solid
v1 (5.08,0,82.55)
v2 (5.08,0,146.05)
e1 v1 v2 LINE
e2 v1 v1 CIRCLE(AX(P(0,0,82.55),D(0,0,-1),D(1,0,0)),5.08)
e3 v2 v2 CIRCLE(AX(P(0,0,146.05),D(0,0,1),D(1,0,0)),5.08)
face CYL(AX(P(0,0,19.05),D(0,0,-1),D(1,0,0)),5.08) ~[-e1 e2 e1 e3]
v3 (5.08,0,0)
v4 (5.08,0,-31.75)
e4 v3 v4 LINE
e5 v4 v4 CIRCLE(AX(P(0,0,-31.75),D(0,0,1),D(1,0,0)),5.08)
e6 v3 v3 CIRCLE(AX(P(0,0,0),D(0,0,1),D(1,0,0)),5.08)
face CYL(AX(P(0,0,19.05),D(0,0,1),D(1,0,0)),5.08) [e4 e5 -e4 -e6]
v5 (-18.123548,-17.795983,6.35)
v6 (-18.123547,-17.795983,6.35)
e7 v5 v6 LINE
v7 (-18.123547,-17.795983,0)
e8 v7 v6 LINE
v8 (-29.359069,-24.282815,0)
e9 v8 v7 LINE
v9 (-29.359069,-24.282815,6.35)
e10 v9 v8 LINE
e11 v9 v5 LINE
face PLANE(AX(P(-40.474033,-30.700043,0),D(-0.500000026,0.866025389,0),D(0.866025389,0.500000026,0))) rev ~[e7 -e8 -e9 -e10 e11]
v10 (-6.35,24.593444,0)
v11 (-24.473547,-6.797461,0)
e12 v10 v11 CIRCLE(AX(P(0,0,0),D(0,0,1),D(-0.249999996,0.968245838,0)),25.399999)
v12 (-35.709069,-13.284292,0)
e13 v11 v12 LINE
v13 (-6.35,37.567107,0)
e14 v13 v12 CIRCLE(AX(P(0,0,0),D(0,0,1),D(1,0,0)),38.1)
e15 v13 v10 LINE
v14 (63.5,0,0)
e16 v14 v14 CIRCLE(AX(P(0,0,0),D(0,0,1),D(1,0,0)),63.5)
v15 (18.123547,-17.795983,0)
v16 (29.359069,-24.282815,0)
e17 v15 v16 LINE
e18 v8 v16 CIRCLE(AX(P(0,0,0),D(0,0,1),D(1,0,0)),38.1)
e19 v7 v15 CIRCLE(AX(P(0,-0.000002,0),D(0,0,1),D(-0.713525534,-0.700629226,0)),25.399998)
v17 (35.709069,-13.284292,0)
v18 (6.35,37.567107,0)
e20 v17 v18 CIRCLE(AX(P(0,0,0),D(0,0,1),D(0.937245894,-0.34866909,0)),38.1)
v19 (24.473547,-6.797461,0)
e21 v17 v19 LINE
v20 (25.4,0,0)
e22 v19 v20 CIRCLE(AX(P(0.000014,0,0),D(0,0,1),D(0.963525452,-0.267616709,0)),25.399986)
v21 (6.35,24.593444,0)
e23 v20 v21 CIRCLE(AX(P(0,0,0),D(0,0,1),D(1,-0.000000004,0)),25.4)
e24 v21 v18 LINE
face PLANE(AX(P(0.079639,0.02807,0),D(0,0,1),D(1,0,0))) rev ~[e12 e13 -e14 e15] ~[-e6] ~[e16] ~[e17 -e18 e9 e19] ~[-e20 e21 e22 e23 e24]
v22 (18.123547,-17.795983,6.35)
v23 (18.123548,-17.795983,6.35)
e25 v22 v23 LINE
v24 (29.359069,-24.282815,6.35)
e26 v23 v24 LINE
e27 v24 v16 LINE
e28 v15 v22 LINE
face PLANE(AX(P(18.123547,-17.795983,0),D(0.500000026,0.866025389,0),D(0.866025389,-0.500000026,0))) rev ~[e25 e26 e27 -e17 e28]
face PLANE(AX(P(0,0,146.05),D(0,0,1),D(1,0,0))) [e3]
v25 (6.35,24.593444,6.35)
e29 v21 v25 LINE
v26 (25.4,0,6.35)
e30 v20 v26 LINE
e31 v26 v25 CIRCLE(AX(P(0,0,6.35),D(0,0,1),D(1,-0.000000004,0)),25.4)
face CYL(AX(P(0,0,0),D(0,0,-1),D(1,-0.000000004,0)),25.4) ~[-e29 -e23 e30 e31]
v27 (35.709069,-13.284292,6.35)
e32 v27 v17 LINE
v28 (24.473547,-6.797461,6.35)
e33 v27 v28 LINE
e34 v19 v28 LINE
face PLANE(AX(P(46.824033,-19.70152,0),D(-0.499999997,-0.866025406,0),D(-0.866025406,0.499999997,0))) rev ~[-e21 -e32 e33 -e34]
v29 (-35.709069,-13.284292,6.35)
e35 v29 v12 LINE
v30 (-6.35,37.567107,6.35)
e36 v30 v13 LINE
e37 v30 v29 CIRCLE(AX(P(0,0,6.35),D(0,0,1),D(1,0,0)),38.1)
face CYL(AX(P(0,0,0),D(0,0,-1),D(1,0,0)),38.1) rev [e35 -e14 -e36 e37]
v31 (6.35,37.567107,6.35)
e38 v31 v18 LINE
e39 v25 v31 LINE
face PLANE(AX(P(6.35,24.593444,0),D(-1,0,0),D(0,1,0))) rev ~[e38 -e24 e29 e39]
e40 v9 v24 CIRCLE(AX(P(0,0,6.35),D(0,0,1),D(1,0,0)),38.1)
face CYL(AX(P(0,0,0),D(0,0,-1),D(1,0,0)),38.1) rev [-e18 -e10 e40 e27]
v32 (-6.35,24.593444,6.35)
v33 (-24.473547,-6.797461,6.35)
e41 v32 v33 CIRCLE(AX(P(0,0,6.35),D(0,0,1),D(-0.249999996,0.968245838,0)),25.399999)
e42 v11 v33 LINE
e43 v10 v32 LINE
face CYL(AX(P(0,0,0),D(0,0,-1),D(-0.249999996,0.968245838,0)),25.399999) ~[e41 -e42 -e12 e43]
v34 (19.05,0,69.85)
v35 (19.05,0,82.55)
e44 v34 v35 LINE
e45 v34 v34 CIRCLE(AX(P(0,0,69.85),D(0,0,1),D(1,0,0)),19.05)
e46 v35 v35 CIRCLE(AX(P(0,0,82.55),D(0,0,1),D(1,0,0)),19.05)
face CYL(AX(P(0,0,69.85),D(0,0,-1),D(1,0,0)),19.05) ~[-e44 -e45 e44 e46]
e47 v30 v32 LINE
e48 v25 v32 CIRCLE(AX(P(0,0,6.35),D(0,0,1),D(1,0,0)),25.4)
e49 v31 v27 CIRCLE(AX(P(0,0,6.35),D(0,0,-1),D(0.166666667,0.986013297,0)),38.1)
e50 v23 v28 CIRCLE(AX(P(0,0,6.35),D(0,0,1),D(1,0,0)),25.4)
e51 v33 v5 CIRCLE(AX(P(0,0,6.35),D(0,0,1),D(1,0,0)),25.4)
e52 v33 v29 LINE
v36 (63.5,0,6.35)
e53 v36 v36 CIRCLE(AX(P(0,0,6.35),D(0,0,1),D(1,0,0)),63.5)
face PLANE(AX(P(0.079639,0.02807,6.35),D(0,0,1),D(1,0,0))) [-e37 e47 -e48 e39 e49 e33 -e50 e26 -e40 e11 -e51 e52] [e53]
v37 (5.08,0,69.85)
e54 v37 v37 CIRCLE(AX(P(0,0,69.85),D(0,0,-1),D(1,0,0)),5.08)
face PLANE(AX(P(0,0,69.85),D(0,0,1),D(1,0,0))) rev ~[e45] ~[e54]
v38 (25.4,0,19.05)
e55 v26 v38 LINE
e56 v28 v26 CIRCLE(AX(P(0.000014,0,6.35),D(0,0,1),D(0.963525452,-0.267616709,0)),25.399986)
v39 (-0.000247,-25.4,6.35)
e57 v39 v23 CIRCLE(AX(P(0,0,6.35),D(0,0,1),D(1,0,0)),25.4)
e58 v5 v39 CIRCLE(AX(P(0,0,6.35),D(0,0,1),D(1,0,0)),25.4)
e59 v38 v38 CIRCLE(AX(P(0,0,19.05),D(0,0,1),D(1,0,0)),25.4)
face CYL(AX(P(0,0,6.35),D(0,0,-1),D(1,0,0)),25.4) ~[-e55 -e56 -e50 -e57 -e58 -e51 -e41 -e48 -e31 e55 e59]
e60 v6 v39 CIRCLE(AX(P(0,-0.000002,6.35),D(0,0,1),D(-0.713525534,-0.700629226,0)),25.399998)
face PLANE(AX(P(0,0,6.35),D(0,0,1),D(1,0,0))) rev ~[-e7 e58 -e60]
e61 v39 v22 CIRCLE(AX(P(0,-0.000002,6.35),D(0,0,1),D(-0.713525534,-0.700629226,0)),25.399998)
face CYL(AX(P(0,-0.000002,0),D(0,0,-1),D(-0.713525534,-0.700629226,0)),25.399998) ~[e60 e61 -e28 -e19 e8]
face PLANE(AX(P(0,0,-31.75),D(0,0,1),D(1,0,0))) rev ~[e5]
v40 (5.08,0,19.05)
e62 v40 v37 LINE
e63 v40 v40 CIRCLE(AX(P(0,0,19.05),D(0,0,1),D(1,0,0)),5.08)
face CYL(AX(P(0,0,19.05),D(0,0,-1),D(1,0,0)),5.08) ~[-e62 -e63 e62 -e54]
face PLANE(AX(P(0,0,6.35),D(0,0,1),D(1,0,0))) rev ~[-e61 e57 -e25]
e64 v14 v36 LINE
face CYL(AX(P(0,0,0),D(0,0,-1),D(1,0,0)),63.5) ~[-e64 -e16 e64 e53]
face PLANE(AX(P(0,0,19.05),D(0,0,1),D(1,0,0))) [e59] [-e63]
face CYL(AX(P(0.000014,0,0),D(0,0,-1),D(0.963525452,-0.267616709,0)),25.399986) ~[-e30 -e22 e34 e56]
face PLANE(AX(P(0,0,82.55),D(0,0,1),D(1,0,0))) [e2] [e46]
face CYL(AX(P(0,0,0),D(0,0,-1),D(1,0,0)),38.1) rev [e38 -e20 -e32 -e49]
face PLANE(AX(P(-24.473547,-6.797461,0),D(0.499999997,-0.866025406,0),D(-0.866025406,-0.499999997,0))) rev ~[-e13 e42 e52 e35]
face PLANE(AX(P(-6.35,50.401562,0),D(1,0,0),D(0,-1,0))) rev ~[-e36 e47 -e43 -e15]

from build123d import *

# Parameters (mm, degrees)
F0_R      = 63.5
F0_R_2    = 38.1
F1_DEPTH  = 6.35
F4_DEPTH  = 6.35
F5_R      = 25.4
F6_DEPTH  = 12.7
F7_R      = 5.08
F8_DEPTH  = 50.8
F9_R      = 5.08
F10_DEPTH = 127
F13_R     = 19.05
F14_DEPTH = 12.7


with BuildPart() as f1:
    # F0 (on Top) → F1 (new body)
    with BuildSketch(Plane.XY):
        Circle(F0_R)
        Circle(F0_R_2, mode=Mode.SUBTRACT)
    extrude(amount=F1_DEPTH)

    # F2 (on Top) → F4 (join, through all)
    with BuildSketch(Plane.XY):
        with BuildLine():
            ThreePointArc((25.4, 0), (20.080463, 15.55426), (6.35, 24.593444))
            ThreePointArc((6.35, 24.593444), (0, 25.4), (-6.35, 24.593444))
            ThreePointArc((-6.35, 24.593444), (-21.997045, 12.7), (-24.473547, -6.797461))
            ThreePointArc((-24.473547, -6.797461), (-21.997045, -12.7), (-18.123547, -17.795983))
            ThreePointArc((-18.123547, -17.795983), (0, -25.4), (18.123547, -17.795983))
            ThreePointArc((18.123547, -17.795983), (21.997045, -12.7), (24.473547, -6.797461))
            ThreePointArc((24.473547, -6.797461), (25.167321, -3.430153), (25.4, 0))
        make_face()
        with BuildLine():
            Line((-24.473547, -6.797461), (-46.824033, -19.70152))
            ThreePointArc((-46.824033, -19.70152), (-43.994091, -25.4), (-40.474033, -30.700043))
            Line((-40.474033, -30.700043), (-18.123547, -17.795983))
            ThreePointArc((-18.123547, -17.795983), (-21.997045, -12.7), (-24.473547, -6.797461))
        make_face()
        with BuildLine():
            Line((6.35, 24.593444), (6.35, 50.401562))
            ThreePointArc((6.35, 50.401562), (0, 50.8), (-6.35, 50.401562))
            Line((-6.35, 50.401562), (-6.35, 24.593444))
            ThreePointArc((-6.35, 24.593444), (0, 25.4), (6.35, 24.593444))
        make_face()
        with BuildLine():
            ThreePointArc((40.474033, -30.700043), (43.994091, -25.4), (46.824033, -19.70152))
            Line((46.824033, -19.70152), (24.473547, -6.797461))
            ThreePointArc((24.473547, -6.797461), (21.997045, -12.7), (18.123547, -17.795983))
            Line((18.123547, -17.795983), (40.474033, -30.700043))
        make_face()
    extrude(amount=F4_DEPTH)

    # F5 (on face) → F6 (join)
    with BuildSketch(Plane.XY.offset(6.35)):
        Circle(F5_R)
    extrude(amount=F6_DEPTH)

    # F7 (on face) → F8 (join)
    with BuildSketch(Plane.XY.offset(19.05)):
        Circle(F7_R)
    extrude(amount=-F8_DEPTH)

    # F9 (on face) → F10 (join)
    with BuildSketch(Plane.XY.offset(19.05)):
        Circle(F9_R)
    extrude(amount=F10_DEPTH)

    # F13 (on plane+point) → F14 (join)
    with BuildSketch(Plane.XY.offset(69.85)):
        Circle(F13_R)
    extrude(amount=F14_DEPTH)


solid = f1.part
